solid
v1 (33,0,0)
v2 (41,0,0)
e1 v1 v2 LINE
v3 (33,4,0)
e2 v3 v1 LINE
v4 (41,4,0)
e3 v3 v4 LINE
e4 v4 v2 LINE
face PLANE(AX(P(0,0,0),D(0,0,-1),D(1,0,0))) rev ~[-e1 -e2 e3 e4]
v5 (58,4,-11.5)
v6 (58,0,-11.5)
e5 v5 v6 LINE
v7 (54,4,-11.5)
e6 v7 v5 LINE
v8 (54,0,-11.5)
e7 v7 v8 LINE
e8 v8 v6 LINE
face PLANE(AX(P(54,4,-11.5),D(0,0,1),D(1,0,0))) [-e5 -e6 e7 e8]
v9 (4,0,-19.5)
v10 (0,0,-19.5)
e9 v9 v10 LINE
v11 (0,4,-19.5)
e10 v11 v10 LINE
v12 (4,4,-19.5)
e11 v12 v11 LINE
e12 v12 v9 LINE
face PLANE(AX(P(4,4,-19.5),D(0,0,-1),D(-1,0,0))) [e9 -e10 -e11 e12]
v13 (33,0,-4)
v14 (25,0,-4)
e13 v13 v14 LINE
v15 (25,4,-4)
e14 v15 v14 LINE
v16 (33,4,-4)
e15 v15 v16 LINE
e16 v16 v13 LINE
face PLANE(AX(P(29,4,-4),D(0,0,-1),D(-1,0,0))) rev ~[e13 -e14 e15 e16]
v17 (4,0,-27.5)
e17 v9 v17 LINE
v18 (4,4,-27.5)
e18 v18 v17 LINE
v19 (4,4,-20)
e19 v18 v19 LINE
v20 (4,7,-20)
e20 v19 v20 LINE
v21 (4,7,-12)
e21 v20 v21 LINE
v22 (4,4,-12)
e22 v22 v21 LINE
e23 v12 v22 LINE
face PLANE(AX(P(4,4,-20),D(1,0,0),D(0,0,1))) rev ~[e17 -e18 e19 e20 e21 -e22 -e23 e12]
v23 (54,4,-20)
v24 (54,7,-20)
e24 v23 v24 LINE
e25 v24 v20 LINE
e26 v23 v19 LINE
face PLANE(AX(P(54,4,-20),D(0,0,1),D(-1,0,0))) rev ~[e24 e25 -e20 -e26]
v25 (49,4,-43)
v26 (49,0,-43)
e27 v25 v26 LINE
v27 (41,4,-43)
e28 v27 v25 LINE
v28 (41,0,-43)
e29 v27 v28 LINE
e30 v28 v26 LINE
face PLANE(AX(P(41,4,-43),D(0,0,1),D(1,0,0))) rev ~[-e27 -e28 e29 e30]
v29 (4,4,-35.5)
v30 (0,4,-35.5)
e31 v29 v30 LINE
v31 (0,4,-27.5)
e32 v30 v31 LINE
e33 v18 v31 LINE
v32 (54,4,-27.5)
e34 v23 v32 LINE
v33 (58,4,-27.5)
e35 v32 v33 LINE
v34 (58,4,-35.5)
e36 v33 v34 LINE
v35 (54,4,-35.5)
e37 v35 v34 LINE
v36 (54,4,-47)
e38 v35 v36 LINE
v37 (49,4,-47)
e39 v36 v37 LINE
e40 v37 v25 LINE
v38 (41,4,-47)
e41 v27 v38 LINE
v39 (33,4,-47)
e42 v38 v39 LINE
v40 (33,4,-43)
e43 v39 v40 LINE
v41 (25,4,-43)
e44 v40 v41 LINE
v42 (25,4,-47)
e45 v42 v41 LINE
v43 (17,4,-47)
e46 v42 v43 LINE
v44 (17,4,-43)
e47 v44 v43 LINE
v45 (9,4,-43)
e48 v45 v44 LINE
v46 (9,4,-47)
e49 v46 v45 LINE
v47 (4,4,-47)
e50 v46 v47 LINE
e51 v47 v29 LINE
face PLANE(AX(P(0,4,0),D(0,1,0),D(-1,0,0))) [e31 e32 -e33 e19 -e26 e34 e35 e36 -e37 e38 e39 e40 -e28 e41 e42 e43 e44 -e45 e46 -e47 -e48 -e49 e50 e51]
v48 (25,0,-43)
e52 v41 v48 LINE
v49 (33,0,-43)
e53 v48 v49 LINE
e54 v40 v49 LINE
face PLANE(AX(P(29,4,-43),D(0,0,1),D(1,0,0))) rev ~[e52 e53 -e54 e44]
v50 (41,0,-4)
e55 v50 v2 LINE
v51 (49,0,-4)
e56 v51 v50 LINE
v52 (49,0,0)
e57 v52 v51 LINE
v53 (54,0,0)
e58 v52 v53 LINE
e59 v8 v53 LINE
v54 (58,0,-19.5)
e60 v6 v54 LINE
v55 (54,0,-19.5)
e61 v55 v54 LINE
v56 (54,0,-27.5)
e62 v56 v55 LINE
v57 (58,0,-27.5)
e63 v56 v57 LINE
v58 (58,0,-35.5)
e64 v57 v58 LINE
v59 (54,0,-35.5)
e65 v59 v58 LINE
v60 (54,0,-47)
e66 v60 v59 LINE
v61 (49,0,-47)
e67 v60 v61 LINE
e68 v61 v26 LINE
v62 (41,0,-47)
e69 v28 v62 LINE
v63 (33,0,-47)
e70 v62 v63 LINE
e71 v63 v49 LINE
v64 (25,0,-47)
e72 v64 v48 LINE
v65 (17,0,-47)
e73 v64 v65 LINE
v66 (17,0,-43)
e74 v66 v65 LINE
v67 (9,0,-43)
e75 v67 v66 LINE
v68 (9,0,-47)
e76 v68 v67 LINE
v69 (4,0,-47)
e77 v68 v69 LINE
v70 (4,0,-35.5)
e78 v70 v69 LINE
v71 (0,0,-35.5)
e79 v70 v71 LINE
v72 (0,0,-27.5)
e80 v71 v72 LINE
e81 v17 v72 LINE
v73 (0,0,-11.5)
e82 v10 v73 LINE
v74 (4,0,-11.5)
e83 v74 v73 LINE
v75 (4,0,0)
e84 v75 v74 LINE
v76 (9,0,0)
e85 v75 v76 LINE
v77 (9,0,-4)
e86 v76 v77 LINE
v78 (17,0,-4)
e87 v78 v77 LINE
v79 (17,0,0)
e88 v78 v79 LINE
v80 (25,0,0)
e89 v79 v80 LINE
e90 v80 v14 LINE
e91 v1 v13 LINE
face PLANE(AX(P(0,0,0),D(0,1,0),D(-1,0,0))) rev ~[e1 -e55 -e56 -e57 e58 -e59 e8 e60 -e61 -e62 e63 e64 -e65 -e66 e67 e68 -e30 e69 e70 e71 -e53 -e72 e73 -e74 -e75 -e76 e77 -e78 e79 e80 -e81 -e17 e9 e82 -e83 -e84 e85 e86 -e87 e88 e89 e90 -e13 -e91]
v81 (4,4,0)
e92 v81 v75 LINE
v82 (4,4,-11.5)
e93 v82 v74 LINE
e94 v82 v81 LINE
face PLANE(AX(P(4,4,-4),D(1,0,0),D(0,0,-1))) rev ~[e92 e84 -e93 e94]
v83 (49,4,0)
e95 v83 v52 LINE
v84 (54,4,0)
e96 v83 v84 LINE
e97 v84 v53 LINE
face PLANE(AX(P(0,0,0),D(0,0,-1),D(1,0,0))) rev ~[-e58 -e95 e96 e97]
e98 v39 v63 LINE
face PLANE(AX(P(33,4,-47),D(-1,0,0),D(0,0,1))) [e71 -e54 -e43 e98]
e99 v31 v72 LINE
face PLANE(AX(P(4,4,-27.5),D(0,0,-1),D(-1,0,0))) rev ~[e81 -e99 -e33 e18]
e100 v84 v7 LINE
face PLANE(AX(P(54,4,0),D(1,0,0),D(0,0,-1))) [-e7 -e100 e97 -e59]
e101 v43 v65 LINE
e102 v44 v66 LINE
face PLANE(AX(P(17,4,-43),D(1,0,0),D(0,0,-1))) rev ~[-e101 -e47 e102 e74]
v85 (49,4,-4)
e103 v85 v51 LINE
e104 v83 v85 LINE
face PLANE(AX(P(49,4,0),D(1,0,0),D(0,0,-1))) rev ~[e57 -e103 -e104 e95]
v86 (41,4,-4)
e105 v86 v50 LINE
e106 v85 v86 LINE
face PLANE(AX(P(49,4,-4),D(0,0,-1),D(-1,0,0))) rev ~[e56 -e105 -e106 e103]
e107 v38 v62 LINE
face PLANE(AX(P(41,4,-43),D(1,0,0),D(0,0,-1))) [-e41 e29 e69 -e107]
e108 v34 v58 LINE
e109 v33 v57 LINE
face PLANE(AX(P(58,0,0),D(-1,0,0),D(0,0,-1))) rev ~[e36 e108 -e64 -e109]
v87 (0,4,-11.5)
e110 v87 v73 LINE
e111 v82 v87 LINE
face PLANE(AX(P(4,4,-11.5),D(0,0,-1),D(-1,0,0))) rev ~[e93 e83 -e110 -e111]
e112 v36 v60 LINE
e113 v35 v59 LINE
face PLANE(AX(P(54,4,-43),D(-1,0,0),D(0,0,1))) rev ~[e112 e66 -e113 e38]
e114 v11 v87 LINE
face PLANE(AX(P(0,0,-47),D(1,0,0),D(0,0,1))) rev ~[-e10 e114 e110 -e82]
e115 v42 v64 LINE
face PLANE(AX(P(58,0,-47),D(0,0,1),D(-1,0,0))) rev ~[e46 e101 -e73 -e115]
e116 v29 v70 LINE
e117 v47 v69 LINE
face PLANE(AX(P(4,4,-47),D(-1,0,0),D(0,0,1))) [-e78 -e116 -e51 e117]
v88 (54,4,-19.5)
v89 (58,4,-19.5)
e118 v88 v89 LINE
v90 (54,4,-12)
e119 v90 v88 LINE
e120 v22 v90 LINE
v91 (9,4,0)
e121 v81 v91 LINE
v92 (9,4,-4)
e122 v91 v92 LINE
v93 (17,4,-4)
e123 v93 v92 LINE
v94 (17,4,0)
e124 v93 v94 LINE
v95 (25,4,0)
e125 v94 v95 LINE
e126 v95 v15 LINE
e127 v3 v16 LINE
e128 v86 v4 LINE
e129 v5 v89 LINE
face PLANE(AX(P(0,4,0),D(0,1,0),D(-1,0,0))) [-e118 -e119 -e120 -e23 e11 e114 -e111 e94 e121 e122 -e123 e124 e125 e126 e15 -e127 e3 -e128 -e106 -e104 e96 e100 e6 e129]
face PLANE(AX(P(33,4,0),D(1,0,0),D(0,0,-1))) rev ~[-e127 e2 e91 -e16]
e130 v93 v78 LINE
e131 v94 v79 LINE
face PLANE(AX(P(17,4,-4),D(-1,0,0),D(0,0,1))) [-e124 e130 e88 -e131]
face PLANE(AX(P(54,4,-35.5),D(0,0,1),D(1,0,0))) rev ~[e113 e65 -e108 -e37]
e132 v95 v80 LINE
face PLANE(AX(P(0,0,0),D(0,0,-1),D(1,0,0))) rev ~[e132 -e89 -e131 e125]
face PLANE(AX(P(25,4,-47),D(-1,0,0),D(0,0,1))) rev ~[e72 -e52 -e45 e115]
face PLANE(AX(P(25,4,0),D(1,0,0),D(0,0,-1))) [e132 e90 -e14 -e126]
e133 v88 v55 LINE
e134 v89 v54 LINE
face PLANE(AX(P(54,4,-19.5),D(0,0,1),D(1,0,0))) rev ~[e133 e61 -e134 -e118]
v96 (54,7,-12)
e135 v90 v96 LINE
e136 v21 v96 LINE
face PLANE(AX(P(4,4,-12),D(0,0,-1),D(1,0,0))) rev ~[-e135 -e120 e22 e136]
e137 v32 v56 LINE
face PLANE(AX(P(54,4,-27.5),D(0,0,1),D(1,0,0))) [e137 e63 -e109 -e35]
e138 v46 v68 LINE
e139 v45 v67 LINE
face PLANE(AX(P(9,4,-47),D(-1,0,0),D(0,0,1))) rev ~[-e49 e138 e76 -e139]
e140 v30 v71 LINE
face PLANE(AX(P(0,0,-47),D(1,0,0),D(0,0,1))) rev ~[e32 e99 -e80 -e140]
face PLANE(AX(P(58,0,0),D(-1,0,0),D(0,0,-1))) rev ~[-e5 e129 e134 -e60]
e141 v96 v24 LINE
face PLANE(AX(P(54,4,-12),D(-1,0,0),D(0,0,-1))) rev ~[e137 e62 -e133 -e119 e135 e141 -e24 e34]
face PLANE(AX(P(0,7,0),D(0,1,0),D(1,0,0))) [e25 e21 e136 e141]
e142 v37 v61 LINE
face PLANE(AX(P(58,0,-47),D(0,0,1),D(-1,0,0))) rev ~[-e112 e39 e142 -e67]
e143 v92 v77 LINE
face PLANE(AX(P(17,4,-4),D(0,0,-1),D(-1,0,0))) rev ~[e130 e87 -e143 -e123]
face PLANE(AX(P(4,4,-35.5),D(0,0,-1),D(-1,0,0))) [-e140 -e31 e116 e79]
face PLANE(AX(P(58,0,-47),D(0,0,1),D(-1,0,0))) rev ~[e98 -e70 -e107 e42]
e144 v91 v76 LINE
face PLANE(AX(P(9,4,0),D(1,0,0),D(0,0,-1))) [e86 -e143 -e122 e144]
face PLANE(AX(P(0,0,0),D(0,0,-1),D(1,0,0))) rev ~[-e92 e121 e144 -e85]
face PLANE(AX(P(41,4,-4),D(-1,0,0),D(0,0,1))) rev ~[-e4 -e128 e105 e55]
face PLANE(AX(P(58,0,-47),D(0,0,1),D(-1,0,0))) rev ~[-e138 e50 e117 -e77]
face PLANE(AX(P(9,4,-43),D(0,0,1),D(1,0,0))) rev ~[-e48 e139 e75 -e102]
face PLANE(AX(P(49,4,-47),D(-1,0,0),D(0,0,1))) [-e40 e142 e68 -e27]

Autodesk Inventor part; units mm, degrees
ref_plane "YZ Plane" through (0, 0, 0) normal (1, 0, 0) x (0, 1, 0)
ref_plane "XZ Plane" through (0, 0, 0) normal (0, 1, 0) x (-1, 0, 0)
ref_plane "XY Plane" through (0, 0, 0) normal (0, 0, 1) x (1, 0, 0)
sketch "Sketch1" plane through (0, 0, 0) normal (0, 1, 0) x (-1, 0, 0)
  line L0 (0, 0) -> (-58, 0)
  line L1 (-58, 0) -> (-58, -47)
  line L2 (-58, -47) -> (0, -47)
  line L3 (0, -47) -> (0, 0)
  dimension "d0" = 58
  dimension "d1" = 47
extrude "Extrusion1" add sketch "Sketch1" along normal blind 4
sketch "Sketch2" plane through (0, 4, 0) normal (0, 1, 0) x (1, 0, 0)
  line L0 (58, 47) -> (0, 47) projected
  line L1 (0, 47) -> (0, 0) projected
  line L2 (0, 0) -> (58, 0) projected
  line L3 (58, 0) -> (58, 47) projected
  line L4 (4, 43) -> (54, 43)
  line L5 (54, 43) -> (54, 4)
  line L6 (54, 4) -> (4, 4)
  line L7 (4, 4) -> (4, 43)
  line L8 (4, 47) -> (4, 35.5)
  line L9 (4, 35.5) -> (0, 35.5)
  line L10 (0, 47) -> (4, 47)
  line L11 (0, 35.5) -> (0, 47)
  line L12 (0, 23.5) -> (58, 23.5) construction
  line L13 (4, 27.5) -> (0, 27.5)
  line L14 (0, 27.5) -> (0, 23.5)
  line L15 (4, 27.5) -> (4, 23.5)
  line L16 (29, 23.5) -> (29, 47) construction
  line L17 (9, 47) -> (9, 43)
  line L18 (9, 43) -> (17, 43)
  line L19 (17, 43) -> (17, 47)
  line L20 (9, 47) -> (17, 47)
  line L21 (25, 47) -> (25, 43)
  line L22 (29, 43) -> (25, 43)
  line L23 (25, 47) -> (29, 47)
  line L24 (54, 47) -> (54, 35.5)
  line L25 (54, 35.5) -> (58, 35.5)
  line L26 (58, 47) -> (54, 47)
  line L27 (58, 35.5) -> (58, 47)
  line L28 (54, 27.5) -> (58, 27.5)
  line L29 (58, 27.5) -> (58, 23.5)
  line L30 (54, 27.5) -> (54, 23.5)
  line L31 (49, 47) -> (49, 43)
  line L32 (49, 43) -> (41, 43)
  line L33 (41, 43) -> (41, 47)
  line L34 (49, 47) -> (41, 47)
  line L35 (33, 47) -> (33, 43)
  line L36 (29, 43) -> (33, 43)
  line L37 (33, 47) -> (29, 47)
  line L38 (58, 0) -> (0, 0)
  line L39 (4, 4) -> (54, 4)
  line L40 (4, 0) -> (4, 11.5)
  line L41 (4, 11.5) -> (0, 11.5)
  line L42 (0, 0) -> (4, 0)
  line L43 (0, 11.5) -> (0, 0)
  line L44 (4, 19.5) -> (0, 19.5)
  line L45 (0, 19.5) -> (0, 23.5)
  line L46 (4, 19.5) -> (4, 23.5)
  line L47 (29, 23.5) -> (29, 0) construction
  line L48 (9, 0) -> (9, 4)
  line L49 (9, 4) -> (17, 4)
  line L50 (17, 4) -> (17, 0)
  line L51 (9, 0) -> (17, 0)
  line L52 (25, 0) -> (25, 4)
  line L53 (29, 4) -> (25, 4)
  line L54 (25, 0) -> (29, 0)
  line L55 (58, 19.5) -> (58, 23.5)
  line L56 (54, 19.5) -> (54, 23.5)
  line L57 (54, 11.5) -> (58, 11.5)
  line L58 (58, 11.5) -> (58, 0)
  line L59 (58, 0) -> (54, 0)
  line L60 (29, 4) -> (33, 4)
  line L61 (33, 0) -> (33, 4)
  line L62 (33, 0) -> (29, 0)
  line L63 (54, 19.5) -> (58, 19.5)
  line L64 (54, 0) -> (54, 11.5)
  line L65 (49, 4) -> (41, 4)
  line L66 (41, 4) -> (41, 0)
  line L67 (49, 0) -> (49, 4)
  line L68 (49, 0) -> (41, 0)
  dimension "d8" = 4
  dimension "d11" = 8
  dimension "d12" = 8
  dimension "d13" = 4
  dimension "d16" = 4
  dimension "d17" = 8
extrude "Extrusion2" cut sketch "Sketch2" against normal up to surface (4 mm away) contours L3 L25 L5 L24 L0 | L31 L4 L33 L0 | L3 L63 L5 L28 | L35 L4 L21 L0 | L3 L2 L64 L5 L57 | L19 L4 L17 L0 | L2 L66 L6 L67 | L8 L7 L9 L1 L0 | L2 L52 L6 L61 | L13 L7 L44 L1 | L2 L48 L6 L50 | L41 L7 L40 L2 L1
sketch "Sketch3" plane through (0, 4, 0) normal (0, 1, 0) x (1, 0, 0)
  line L0 (4, 11.5) -> (4, 0) projected
  line L1 (4, 12) -> (54, 12)
  line L2 (54, 12) -> (54, 20)
  line L3 (54, 20) -> (4, 20)
  line L4 (4, 20) -> (4, 12)
  line L5 (9, 4) -> (17, 4) projected
  point P0 (0, 0)
  dimension "d18" = 8
  dimension "d19" = 8
extrude "Extrusion3" add sketch "Sketch3" along normal blind 3
properties part number "front" material "PBT Plastic Black"
